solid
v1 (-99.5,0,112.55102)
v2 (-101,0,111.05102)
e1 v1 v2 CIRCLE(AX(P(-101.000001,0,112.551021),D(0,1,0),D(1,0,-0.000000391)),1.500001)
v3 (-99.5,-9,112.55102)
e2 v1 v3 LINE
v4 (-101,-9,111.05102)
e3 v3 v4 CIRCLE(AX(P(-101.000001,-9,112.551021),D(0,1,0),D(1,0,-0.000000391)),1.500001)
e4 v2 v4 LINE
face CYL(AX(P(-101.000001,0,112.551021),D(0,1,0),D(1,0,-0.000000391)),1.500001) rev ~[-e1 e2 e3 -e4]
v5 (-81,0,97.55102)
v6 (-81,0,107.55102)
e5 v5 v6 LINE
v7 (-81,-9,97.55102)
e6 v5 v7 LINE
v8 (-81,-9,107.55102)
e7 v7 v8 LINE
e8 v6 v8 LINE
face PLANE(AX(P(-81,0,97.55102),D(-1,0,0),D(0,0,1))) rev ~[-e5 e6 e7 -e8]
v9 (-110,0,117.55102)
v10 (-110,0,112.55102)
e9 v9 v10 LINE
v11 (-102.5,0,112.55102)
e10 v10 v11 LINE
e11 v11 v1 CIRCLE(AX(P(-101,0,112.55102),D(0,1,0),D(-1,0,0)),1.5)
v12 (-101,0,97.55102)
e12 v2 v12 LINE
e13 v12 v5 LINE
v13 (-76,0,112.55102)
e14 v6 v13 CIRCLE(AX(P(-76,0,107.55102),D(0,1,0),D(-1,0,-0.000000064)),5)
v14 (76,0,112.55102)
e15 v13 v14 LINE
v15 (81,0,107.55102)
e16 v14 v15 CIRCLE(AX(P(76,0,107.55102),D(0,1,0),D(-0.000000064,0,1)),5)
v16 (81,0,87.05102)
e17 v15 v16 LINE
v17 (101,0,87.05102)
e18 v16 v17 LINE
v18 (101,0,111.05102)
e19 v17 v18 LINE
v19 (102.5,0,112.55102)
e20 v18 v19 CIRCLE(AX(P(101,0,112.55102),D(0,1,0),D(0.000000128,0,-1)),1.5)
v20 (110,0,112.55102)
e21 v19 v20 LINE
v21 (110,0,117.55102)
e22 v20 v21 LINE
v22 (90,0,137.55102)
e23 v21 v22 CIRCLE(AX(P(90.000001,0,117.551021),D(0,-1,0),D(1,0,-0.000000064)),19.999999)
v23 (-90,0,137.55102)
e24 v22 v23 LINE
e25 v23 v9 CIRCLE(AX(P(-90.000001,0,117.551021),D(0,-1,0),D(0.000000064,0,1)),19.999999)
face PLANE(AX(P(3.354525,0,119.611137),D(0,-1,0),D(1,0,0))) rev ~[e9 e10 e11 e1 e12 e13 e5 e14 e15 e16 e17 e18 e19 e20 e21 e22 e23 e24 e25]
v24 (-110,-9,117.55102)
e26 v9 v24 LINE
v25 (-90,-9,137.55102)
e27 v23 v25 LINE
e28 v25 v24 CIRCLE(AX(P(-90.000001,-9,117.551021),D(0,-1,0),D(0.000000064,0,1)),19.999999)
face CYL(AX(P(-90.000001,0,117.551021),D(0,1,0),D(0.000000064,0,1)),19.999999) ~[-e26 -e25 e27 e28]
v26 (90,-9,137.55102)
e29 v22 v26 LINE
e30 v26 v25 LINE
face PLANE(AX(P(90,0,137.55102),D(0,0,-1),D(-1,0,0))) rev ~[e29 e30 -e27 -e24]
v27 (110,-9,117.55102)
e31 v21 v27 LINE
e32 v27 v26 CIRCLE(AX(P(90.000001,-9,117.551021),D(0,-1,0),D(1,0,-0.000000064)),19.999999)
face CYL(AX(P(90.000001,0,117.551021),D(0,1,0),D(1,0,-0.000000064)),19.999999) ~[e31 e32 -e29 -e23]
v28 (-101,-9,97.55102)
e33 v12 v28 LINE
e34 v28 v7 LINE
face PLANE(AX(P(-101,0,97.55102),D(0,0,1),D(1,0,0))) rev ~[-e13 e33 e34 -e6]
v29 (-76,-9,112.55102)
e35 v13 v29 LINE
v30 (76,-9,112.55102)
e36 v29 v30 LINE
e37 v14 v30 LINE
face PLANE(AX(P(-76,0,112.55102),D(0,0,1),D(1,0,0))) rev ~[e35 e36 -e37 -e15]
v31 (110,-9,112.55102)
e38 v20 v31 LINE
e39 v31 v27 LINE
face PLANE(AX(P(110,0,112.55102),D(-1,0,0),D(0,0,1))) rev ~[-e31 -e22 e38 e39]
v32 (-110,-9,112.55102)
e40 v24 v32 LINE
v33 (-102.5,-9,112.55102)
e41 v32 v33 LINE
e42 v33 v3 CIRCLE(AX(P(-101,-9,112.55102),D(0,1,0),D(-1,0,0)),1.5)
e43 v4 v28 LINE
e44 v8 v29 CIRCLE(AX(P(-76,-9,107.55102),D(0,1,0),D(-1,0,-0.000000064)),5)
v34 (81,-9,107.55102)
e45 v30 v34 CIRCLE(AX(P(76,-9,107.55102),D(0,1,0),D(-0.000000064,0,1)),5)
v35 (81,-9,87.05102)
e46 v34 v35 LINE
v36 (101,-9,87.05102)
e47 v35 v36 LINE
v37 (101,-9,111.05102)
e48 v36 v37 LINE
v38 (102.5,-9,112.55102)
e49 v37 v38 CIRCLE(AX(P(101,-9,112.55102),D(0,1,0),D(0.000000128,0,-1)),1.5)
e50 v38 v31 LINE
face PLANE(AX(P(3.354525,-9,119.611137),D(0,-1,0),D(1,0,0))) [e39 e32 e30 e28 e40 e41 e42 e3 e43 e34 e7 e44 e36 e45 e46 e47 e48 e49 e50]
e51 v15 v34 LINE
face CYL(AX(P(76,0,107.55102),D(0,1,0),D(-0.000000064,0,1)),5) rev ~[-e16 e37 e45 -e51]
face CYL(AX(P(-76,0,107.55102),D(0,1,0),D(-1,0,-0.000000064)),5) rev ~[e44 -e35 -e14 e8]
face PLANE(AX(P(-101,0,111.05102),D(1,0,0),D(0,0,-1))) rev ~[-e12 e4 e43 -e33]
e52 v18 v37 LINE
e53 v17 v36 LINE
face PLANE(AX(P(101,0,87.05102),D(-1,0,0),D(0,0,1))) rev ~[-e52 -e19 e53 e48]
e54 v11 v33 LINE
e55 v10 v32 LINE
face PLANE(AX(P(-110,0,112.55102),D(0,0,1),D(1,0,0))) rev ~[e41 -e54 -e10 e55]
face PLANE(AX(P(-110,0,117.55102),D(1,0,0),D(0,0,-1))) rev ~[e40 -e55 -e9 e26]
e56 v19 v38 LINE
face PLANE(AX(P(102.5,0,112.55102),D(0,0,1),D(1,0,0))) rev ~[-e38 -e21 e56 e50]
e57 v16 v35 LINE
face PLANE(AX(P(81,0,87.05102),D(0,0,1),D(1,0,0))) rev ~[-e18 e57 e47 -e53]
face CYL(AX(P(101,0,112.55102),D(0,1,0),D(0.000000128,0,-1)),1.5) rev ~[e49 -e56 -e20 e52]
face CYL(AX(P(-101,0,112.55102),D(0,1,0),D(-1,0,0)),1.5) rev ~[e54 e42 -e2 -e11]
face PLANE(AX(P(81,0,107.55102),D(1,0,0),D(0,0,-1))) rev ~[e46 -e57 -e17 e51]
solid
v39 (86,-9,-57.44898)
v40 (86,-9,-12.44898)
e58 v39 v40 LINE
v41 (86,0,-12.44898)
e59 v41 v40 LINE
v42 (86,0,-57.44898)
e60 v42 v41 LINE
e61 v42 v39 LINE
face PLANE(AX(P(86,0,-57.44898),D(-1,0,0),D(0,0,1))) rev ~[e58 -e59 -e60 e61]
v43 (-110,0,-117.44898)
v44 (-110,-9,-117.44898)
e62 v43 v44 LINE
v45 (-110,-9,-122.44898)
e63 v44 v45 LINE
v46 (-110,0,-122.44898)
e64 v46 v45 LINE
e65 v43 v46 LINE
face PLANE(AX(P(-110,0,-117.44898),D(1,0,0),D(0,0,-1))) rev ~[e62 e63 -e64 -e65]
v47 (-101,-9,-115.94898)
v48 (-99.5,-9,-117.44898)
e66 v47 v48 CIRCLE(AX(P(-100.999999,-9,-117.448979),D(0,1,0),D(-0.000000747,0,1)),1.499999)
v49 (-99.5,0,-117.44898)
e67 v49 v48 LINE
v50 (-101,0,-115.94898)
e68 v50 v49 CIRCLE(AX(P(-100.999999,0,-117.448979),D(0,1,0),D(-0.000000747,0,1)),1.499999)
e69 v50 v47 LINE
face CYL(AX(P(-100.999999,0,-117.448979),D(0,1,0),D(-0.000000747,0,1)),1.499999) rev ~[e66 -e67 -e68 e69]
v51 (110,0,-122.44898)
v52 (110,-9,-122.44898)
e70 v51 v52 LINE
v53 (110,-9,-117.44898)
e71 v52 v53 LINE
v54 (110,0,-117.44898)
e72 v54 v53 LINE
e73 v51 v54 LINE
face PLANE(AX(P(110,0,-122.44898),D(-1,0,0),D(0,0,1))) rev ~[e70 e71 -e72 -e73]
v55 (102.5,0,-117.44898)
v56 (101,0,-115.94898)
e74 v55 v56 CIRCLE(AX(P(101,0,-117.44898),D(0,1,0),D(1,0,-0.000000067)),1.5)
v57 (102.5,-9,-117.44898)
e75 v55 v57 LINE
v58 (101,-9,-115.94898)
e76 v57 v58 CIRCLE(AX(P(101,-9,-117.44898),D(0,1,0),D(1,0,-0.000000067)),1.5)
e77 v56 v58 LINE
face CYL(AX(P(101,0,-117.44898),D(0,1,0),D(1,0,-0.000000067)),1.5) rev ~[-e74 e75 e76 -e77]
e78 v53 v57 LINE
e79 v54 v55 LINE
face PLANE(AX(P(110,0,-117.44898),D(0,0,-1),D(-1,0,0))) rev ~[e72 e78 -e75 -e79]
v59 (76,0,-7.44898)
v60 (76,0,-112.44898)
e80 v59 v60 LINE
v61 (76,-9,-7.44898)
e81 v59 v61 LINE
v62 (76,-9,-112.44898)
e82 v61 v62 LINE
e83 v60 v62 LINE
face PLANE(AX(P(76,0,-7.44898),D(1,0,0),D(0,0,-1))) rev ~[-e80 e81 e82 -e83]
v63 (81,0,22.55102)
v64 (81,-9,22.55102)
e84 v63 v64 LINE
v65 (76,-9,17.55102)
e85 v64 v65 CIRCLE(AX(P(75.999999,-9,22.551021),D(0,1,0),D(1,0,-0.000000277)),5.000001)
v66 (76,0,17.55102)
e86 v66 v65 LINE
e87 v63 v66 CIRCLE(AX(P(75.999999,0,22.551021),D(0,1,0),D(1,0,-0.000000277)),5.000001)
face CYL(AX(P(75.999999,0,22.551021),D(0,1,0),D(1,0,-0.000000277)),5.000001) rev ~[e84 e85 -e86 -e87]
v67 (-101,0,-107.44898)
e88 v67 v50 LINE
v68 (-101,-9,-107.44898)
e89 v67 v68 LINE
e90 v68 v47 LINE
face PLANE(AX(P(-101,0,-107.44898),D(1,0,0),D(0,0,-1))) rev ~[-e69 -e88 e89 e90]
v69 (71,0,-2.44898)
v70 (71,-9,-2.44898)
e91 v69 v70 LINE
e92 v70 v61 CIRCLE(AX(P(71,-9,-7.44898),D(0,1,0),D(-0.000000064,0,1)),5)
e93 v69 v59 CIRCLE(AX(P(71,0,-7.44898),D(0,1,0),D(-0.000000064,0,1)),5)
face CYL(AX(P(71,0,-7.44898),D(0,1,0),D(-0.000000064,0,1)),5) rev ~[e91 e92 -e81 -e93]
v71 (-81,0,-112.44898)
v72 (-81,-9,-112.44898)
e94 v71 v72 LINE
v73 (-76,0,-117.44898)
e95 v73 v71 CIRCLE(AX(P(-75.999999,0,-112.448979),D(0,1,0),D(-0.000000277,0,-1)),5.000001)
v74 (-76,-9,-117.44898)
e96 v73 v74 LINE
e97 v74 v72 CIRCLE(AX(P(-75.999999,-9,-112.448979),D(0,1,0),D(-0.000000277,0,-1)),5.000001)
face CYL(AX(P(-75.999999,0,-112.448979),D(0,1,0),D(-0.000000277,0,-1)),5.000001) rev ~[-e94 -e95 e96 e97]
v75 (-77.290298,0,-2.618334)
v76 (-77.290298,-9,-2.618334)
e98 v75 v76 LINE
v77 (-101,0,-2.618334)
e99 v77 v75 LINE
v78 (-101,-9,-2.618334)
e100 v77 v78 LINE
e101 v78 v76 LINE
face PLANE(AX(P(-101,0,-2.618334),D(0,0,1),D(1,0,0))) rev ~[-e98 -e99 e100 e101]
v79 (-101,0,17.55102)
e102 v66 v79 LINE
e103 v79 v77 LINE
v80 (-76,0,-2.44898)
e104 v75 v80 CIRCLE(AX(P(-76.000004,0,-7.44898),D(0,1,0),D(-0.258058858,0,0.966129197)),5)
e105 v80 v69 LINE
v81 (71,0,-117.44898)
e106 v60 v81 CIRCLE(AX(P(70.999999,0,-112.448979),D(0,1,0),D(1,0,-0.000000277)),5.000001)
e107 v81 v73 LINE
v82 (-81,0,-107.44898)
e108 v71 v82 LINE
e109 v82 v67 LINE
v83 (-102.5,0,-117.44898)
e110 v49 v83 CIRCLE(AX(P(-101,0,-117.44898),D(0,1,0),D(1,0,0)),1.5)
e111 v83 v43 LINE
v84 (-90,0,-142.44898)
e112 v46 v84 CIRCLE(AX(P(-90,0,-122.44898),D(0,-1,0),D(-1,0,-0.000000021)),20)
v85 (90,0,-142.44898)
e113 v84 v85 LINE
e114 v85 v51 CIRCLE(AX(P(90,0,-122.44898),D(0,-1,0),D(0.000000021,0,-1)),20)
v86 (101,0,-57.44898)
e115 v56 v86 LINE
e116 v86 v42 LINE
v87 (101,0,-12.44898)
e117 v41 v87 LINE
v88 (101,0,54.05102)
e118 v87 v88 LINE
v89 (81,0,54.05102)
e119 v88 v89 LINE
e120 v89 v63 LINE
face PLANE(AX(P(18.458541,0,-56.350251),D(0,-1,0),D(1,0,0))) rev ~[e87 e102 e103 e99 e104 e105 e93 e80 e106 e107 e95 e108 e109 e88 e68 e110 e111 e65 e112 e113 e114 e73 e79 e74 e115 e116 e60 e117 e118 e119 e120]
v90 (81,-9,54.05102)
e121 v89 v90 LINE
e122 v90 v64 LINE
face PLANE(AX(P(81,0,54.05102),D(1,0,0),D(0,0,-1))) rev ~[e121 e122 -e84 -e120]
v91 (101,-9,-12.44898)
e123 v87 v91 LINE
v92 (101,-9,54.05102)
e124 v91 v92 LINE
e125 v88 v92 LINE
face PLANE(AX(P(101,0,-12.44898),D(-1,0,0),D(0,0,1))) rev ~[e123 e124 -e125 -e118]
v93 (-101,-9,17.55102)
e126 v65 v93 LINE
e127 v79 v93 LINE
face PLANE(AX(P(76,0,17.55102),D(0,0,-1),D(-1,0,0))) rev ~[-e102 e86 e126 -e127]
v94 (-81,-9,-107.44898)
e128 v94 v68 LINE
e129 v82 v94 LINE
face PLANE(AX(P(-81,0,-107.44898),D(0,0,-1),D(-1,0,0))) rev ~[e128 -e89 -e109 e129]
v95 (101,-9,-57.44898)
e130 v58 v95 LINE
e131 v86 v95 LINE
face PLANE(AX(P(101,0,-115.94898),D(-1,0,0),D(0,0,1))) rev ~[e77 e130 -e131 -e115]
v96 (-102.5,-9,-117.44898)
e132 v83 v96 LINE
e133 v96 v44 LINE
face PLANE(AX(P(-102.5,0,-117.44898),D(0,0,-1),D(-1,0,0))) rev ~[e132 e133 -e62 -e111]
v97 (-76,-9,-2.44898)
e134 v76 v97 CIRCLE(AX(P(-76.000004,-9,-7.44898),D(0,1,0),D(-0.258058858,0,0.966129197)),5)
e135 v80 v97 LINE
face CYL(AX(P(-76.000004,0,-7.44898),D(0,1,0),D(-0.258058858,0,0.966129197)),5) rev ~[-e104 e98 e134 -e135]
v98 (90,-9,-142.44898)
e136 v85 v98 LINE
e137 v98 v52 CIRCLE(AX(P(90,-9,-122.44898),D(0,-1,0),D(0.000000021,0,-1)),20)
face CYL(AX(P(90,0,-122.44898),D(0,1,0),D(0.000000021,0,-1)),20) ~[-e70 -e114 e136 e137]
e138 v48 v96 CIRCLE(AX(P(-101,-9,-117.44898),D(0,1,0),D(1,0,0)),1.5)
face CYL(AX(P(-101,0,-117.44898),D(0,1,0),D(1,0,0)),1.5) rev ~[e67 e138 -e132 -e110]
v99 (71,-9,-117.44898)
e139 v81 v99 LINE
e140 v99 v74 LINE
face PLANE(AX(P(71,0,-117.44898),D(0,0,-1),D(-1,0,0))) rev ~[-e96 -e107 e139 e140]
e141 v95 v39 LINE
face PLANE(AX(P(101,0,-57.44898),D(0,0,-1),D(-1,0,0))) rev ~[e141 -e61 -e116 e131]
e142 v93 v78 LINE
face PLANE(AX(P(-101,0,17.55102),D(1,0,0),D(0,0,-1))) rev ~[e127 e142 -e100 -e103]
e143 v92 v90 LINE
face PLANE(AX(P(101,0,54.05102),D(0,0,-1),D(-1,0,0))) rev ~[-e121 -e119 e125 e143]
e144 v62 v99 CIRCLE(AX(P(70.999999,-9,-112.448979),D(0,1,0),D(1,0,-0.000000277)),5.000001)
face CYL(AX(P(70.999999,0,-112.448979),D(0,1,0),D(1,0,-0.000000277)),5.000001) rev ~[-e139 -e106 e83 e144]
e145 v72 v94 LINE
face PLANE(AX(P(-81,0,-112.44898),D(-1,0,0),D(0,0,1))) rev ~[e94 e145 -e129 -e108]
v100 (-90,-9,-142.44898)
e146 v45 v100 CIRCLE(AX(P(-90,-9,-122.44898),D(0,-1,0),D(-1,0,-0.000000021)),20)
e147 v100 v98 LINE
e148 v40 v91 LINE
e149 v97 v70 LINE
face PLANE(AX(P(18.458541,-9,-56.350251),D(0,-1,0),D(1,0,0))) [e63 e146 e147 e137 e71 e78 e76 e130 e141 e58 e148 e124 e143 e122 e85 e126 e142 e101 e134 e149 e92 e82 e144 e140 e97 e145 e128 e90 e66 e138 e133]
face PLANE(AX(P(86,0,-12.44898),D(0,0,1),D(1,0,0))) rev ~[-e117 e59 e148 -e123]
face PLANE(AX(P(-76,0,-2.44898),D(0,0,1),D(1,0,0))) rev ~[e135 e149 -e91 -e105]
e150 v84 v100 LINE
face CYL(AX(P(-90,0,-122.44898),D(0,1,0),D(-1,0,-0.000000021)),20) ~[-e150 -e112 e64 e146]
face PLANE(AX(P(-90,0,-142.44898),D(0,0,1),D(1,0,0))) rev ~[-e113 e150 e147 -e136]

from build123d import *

# Parameters (mm, degrees)
F1_DEPTH = 9


with BuildPart() as f1:
    # F0 (on Front) → F1 (new body)
    with BuildSketch(Plane.XZ):
        with BuildLine():
            Line((90, 137.55102), (-90, 137.55102))
            ThreePointArc((-90, 137.55102), (-104.142136, 131.693156), (-110, 117.55102))
            Line((-110, 117.55102), (-110, 112.55102))
            Line((-110, 112.55102), (-102.5, 112.55102))
            ThreePointArc((-102.5, 112.55102), (-101, 114.05102), (-99.5, 112.55102))
            ThreePointArc((-99.5, 112.55102), (-99.93934, 111.49036), (-101, 111.05102))
            Line((-101, 111.05102), (-101, 97.55102))
            Line((-101, 97.55102), (-81, 97.55102))
            Line((-81, 97.55102), (-81, 107.55102))
            ThreePointArc((-81, 107.55102), (-79.535534, 111.086554), (-76, 112.55102))
            Line((-76, 112.55102), (76, 112.55102))
            ThreePointArc((76, 112.55102), (79.535534, 111.086554), (81, 107.55102))
            Line((81, 107.55102), (81, 87.05102))
            Line((81, 87.05102), (101, 87.05102))
            Line((101, 87.05102), (101, 111.05102))
            ThreePointArc((101, 111.05102), (99.93934, 113.611681), (102.5, 112.55102))
            Line((102.5, 112.55102), (110, 112.55102))
            Line((110, 112.55102), (110, 117.55102))
            ThreePointArc((110, 117.55102), (104.142136, 131.693156), (90, 137.55102))
        make_face()
        with BuildLine():
            ThreePointArc((-110, -122.44898), (-104.142136, -136.591115), (-90, -142.44898))
            Line((-90, -142.44898), (90, -142.44898))
            ThreePointArc((90, -142.44898), (104.142136, -136.591115), (110, -122.44898))
            Line((110, -122.44898), (110, -117.44898))
            Line((110, -117.44898), (102.5, -117.44898))
            ThreePointArc((102.5, -117.44898), (99.93934, -118.50964), (101, -115.94898))
            Line((101, -115.94898), (101, -107.44898))
            Line((101, -107.44898), (101, -57.44898))
            Line((101, -57.44898), (86, -57.44898))
            Line((86, -57.44898), (86, -12.44898))
            Line((86, -12.44898), (101, -12.44898))
            Line((101, -12.44898), (101, 54.05102))
            Line((101, 54.05102), (81, 54.05102))
            Line((81, 54.05102), (81, 22.55102))
            ThreePointArc((81, 22.55102), (79.535534, 19.015487), (76, 17.55102))
            Line((76, 17.55102), (-76, 17.55102))
            Line((-76, 17.55102), (-101, 17.55102))
            Line((-101, 17.55102), (-101, -2.618334))
            Line((-101, -2.618334), (-77.290298, -2.618334))
            ThreePointArc((-77.290298, -2.618334), (-76.650682, -2.491499), (-76, -2.44898))
            Line((-76, -2.44898), (71, -2.44898))
            ThreePointArc((71, -2.44898), (74.535534, -3.913446), (76, -7.44898))
            Line((76, -7.44898), (76, -33.110831))
            Line((76, -33.110831), (76, -112.44898))
            ThreePointArc((76, -112.44898), (74.535534, -115.984513), (71, -117.44898))
            Line((71, -117.44898), (-76, -117.44898))
            ThreePointArc((-76, -117.44898), (-79.535534, -115.984513), (-81, -112.44898))
            Line((-81, -112.44898), (-81, -107.44898))
            Line((-81, -107.44898), (-101, -107.44898))
            Line((-101, -107.44898), (-101, -115.94898))
            ThreePointArc((-101, -115.94898), (-99.93934, -116.388319), (-99.5, -117.44898))
            ThreePointArc((-99.5, -117.44898), (-101, -118.94898), (-102.5, -117.44898))
            Line((-102.5, -117.44898), (-110, -117.44898))
            Line((-110, -117.44898), (-110, -122.44898))
        make_face()
    extrude(amount=F1_DEPTH)


solid = f1.part
